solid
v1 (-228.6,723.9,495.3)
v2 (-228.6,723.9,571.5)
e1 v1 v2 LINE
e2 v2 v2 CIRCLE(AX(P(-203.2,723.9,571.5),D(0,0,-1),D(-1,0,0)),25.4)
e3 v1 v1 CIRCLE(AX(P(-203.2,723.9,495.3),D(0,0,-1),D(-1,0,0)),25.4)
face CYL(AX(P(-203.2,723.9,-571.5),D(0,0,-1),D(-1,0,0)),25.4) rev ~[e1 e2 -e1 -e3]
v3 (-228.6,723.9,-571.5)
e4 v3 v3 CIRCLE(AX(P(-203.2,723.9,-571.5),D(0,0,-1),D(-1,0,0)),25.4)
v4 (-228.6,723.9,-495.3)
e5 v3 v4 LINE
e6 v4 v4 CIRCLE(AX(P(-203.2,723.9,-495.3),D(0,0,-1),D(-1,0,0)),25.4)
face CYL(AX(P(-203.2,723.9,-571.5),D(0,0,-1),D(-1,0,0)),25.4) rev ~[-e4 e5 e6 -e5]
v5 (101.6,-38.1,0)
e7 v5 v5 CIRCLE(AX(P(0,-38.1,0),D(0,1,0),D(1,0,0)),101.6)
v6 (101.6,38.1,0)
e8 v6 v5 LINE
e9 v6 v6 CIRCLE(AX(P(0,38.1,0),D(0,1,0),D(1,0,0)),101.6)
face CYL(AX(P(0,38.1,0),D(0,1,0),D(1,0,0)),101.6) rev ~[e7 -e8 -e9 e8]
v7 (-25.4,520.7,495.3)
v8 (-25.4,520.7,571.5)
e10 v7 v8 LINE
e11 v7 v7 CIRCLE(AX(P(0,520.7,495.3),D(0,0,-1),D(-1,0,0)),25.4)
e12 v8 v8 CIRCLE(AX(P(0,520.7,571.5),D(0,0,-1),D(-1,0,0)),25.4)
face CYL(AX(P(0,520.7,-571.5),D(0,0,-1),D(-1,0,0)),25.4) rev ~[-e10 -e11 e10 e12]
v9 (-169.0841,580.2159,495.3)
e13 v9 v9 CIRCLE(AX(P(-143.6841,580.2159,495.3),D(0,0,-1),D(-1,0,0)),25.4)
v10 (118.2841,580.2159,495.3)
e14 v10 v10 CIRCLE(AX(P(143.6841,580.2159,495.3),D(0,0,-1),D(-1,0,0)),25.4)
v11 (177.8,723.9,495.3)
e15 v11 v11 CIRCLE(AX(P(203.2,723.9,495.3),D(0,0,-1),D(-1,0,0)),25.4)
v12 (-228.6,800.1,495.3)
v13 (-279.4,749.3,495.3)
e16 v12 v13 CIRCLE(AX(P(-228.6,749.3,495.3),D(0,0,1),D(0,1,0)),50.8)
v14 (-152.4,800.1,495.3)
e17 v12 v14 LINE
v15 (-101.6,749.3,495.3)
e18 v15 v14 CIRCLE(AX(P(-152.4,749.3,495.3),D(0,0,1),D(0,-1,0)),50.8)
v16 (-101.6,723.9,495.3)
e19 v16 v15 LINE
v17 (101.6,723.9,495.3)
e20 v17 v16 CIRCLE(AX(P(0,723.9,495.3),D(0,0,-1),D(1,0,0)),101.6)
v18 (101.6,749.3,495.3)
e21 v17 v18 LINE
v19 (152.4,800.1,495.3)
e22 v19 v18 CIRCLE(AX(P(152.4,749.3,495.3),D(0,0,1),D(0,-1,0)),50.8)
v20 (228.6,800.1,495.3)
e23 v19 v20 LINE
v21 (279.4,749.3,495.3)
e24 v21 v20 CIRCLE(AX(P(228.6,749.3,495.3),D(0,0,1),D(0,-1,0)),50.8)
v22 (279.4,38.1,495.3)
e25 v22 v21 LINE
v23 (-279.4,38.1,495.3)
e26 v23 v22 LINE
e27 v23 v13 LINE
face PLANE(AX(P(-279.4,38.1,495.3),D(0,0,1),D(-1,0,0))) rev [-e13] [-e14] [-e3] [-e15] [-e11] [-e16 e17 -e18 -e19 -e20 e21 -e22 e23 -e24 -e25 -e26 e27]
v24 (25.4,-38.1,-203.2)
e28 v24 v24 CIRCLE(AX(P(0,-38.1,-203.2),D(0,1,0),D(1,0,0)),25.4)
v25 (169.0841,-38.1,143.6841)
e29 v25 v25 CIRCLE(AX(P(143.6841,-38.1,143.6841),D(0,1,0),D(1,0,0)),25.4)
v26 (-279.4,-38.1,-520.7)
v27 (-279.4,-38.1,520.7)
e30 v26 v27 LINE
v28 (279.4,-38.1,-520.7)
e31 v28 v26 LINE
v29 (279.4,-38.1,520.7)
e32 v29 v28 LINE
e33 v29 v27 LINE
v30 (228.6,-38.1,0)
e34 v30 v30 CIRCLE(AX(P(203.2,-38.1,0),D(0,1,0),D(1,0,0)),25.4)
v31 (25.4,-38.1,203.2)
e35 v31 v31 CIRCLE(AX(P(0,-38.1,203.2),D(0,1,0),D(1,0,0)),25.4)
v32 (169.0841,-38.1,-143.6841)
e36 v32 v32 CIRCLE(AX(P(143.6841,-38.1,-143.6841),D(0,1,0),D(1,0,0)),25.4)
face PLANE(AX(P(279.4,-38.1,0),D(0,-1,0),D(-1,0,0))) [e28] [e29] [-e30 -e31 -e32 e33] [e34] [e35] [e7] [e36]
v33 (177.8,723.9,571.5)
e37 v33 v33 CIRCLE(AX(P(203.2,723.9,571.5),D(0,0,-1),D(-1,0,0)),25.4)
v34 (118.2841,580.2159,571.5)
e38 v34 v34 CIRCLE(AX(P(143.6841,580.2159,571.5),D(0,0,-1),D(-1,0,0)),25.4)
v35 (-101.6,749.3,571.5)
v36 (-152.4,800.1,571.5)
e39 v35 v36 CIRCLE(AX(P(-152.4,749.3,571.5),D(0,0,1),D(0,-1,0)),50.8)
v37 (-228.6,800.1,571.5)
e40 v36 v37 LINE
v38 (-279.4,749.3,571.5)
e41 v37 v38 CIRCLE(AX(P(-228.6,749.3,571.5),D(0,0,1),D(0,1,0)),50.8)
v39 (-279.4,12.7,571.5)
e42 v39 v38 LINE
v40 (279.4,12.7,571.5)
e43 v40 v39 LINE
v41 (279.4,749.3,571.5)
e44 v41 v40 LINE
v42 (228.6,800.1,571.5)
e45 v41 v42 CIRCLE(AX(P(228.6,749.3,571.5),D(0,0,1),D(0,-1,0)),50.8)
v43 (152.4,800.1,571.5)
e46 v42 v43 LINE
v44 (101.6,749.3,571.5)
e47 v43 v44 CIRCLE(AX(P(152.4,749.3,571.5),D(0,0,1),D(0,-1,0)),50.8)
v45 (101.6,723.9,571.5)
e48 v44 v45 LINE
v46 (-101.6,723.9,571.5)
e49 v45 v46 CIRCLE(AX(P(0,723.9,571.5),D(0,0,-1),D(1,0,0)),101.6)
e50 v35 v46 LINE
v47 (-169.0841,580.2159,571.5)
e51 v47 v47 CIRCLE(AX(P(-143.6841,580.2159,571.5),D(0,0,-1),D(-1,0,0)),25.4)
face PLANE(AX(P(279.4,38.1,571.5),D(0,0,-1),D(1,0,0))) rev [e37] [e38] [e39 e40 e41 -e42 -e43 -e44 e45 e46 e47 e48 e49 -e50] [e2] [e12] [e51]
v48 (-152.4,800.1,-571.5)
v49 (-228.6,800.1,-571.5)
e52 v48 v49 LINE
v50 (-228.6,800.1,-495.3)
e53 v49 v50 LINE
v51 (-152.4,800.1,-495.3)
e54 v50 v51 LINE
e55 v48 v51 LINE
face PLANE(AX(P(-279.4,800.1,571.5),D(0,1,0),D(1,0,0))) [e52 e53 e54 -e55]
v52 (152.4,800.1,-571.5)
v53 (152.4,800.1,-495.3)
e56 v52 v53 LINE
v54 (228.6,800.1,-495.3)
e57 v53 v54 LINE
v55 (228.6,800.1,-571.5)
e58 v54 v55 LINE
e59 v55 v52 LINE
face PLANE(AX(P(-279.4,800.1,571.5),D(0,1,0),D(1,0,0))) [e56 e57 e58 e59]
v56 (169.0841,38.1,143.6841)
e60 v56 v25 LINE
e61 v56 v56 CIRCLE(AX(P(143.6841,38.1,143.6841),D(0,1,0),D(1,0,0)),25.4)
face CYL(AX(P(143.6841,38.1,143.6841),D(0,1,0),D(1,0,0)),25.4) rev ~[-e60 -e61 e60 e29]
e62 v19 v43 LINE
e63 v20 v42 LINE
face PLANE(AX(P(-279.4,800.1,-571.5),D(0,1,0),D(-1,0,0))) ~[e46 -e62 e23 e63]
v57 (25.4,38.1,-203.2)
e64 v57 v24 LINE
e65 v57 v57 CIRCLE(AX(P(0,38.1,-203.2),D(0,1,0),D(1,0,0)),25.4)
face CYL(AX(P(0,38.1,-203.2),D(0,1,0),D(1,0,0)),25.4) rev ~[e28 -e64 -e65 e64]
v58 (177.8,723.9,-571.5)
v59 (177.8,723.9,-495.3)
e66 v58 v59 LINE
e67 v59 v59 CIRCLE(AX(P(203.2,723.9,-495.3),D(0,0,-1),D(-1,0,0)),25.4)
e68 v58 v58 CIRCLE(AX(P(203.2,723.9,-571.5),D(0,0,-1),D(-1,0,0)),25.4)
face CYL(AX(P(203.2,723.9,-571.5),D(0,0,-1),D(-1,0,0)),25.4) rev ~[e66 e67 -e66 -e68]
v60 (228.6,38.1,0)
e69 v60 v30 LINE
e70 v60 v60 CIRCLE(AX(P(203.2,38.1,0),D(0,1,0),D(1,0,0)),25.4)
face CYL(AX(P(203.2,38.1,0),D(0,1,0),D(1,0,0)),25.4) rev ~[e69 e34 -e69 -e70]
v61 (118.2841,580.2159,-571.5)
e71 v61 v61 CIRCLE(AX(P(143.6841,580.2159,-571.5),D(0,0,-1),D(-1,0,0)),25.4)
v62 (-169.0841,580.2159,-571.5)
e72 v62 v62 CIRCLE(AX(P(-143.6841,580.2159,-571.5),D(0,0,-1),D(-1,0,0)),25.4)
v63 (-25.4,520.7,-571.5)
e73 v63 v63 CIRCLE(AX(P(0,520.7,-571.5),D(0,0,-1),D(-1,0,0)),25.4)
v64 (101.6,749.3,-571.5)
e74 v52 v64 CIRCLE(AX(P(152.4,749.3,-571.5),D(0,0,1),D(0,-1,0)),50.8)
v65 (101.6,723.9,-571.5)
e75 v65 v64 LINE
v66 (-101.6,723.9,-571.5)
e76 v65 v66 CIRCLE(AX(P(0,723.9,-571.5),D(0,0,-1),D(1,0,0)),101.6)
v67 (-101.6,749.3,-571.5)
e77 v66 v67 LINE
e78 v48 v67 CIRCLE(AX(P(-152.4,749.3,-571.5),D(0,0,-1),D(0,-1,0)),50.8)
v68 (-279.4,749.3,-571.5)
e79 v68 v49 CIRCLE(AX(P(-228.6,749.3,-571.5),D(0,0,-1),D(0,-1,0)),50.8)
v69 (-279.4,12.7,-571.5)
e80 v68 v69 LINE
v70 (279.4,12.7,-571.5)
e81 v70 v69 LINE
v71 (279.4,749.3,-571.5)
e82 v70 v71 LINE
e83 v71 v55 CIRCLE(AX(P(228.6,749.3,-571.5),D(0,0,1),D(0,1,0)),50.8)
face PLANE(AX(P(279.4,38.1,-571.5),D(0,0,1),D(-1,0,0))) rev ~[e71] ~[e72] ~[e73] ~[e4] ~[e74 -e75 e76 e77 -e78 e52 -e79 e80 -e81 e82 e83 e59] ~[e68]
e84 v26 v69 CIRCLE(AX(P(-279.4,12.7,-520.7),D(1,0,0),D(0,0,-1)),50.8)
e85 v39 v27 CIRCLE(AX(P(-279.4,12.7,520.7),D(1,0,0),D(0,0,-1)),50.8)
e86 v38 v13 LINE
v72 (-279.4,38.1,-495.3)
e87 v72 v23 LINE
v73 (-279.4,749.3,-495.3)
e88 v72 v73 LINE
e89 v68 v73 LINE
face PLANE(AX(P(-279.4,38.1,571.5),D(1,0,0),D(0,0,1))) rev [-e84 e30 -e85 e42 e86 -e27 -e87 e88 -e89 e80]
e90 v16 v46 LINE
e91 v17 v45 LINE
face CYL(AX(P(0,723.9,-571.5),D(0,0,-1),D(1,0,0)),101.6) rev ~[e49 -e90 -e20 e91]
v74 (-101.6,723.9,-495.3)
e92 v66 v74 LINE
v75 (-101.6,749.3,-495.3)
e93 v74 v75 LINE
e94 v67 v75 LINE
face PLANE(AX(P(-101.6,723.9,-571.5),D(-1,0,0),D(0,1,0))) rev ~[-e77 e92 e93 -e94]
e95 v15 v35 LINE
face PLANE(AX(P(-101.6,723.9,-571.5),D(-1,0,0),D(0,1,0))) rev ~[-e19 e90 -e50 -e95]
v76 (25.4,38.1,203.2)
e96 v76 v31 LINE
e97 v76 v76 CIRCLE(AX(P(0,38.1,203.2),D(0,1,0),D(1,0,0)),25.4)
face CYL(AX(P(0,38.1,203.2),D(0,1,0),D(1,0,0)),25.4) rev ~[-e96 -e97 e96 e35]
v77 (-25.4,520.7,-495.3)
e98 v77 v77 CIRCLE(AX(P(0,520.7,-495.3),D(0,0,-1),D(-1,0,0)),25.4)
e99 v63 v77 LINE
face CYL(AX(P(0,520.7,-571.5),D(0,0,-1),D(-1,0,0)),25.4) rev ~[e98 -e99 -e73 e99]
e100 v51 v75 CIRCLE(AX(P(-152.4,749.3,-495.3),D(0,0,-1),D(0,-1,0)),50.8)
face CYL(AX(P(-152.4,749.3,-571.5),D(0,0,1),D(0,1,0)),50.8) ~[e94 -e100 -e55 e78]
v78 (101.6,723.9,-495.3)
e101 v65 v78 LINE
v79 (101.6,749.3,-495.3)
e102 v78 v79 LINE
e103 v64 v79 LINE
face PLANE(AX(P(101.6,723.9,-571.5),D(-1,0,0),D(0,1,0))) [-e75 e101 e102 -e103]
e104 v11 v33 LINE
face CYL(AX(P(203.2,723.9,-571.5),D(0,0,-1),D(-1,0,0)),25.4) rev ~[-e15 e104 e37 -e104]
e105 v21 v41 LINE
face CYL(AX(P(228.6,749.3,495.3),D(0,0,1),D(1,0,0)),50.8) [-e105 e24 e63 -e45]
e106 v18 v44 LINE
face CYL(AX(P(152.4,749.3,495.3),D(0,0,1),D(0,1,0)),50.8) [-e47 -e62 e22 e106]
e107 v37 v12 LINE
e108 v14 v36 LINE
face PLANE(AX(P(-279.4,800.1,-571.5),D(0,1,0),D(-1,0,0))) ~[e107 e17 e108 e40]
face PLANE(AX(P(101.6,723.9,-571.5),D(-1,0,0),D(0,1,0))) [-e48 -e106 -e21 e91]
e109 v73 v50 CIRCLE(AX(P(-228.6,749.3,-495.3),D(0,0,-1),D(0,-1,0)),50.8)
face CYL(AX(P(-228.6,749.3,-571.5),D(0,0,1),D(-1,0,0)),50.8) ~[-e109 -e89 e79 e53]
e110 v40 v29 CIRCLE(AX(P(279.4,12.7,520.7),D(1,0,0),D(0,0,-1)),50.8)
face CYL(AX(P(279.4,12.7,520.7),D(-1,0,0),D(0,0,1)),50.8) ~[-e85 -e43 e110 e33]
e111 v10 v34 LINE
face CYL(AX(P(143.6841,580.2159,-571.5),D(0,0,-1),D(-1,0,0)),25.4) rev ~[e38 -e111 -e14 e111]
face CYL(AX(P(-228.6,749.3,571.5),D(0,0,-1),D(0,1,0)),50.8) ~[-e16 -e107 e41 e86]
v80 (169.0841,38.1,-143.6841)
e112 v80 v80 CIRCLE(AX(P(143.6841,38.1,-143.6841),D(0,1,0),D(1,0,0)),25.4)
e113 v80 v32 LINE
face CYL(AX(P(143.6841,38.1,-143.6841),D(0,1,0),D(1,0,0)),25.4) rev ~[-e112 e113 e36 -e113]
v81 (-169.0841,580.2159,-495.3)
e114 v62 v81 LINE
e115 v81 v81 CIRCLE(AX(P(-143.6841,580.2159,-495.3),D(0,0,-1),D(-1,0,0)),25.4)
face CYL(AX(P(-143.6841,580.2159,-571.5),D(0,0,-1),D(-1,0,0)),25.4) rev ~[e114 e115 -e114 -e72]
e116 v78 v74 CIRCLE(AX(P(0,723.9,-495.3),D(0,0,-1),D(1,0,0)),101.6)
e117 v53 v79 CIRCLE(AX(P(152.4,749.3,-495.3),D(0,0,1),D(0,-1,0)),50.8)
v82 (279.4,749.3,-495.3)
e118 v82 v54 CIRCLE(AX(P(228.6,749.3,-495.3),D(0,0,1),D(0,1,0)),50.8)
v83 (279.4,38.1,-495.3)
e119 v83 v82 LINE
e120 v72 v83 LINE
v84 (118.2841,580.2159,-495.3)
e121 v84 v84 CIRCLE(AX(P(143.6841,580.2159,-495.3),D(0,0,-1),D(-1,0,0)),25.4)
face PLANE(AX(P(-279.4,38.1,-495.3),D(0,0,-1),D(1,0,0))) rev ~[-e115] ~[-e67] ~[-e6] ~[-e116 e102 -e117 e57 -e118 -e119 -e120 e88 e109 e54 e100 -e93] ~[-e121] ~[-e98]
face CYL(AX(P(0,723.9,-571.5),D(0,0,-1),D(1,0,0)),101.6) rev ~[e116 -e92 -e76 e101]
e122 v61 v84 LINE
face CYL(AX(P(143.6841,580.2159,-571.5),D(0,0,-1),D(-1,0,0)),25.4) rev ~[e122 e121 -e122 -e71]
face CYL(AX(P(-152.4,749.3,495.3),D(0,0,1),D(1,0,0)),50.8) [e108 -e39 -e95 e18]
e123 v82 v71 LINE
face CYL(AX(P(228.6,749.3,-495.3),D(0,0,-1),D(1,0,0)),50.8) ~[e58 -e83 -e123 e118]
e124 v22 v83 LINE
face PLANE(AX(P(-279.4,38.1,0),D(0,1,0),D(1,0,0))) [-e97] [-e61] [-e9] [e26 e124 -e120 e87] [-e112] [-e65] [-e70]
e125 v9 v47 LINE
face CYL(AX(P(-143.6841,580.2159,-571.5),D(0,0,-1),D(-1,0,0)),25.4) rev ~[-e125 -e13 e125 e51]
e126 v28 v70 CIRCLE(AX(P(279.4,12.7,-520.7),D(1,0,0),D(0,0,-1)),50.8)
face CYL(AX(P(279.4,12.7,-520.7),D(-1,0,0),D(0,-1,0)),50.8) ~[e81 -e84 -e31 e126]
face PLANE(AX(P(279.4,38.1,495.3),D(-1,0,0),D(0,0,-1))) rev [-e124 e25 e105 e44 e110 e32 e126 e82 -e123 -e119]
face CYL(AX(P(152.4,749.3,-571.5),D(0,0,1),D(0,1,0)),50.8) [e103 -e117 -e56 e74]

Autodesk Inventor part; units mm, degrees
ref_plane "YZ Plane" through (0, 0, 0) normal (1, 0, 0) x (0, 1, 0)
ref_plane "XZ Plane" through (0, 0, 0) normal (0, 1, 0) x (-1, 0, 0)
ref_plane "XY Plane" through (0, 0, 0) normal (0, 0, 1) x (1, 0, 0)
sketch "Sketch1" plane through (0, 0, 0) normal (0, 0, 1) x (1, 0, 0)
  line L0 (-279.4, 38.1) -> (279.4, 38.1)
  line L1 (279.4, 38.1) -> (279.4, -38.1)
  line L2 (279.4, -38.1) -> (-279.4, -38.1)
  line L3 (-279.4, -38.1) -> (-279.4, 38.1)
  line L4 (0, 0) -> (0, 412.8984) construction
  line L5 (0, 0) -> (748.8943, 0) construction
  dimension "d0" = 558.8
  dimension "d1" = 76.2
  dimension "d2" = 38.1
  dimension "d4" = 279.4
extrude "Extrusion1" add sketch "Sketch1" along normal mid plane 1143
sketch "Sketch2" plane through (-279.4, 38.1, 571.5) normal (0, 1, 0) x (1, 0, 0)
  line L0 (558.8, 0) -> (558.8, 1143) projected
  line L1 (0, 1143) -> (0, 0) projected
  line L2 (558.8, 1143) -> (0, 1143)
  line L3 (0, 1143) -> (0, 1066.8)
  line L4 (0, 1066.8) -> (558.8, 1066.8)
  line L5 (558.8, 1066.8) -> (558.8, 1143)
  point P0 (279.4, 571.5)
  dimension "d7" = 76.2
extrude "Extrusion2" add sketch "Sketch2" along normal blind 762
mirror "Mirror1" about plane through (0, 0, 0) normal (0, 0, 1) of "Extrusion2"
sketch "Sketch3" plane through (-279.4, 38.1, -495.3) normal (0, 1, 0) x (1, 0, 0)
  circle A0 centre (279.4, -495.3) radius 101.6
  circle A1 centre (279.4, -292.1) radius 25.4
  line L0 (558.8, -990.6) -> (558.8, 0) projected
  circle A2 centre (423.0841, -351.6159) radius 25.4
  circle A3 centre (482.6, -495.3) radius 25.4
  circle A4 centre (423.0841, -638.9841) radius 25.4
  circle A5 centre (279.4, -698.5) radius 25.4
  dimension "d10" = 203.2
  dimension "d11" = 50.8
  dimension "d12" = 203.2
  dimension "d13" = 279.4
  dimension "d16" = 180
extrude "Extrusion3" cut sketch "Sketch3" against normal through all
sketch "Sketch4" plane through (0, 0, -571.5) normal (0, 0, -1) x (-1, 0, 0)
  line L0 (-314.4934, 723.9) -> (334.7896, 723.9) construction
  line L1 (279.4, 800.1) -> (-279.4, 800.1) construction
  arc A0 (-101.6, 723.9) -> (101.6, 723.9) centre (0, 723.9) ccw
  line L2 (279.4, -38.1) -> (279.4, 800.1) projected
  line L3 (-279.4, 800.1) -> (279.4, 800.1) projected
  line L4 (101.6, 723.9) -> (101.6, 800.1)
  line L5 (-101.6, 723.9) -> (-101.6, 800.1)
  circle A1 centre (-203.2, 723.9) radius 25.4
  circle A2 centre (-143.6841, 580.2159) radius 25.4
  circle A3 centre (0, 520.7) radius 25.4
  circle A4 centre (143.6841, 580.2159) radius 25.4
  circle A5 centre (203.2, 723.9) radius 25.4
  point P0 (0, 0)
  dimension "d20" = 76.2
  dimension "d21" = 203.2
  dimension "d22" = 279.4
  dimension "d23" = 50.8
  dimension "d24" = 203.2
  dimension "d27" = 180
extrude "Extrusion4" cut sketch "Sketch4" against normal through all
fillet "Fillet1" radius 50.8 10 edges at (101.6, 800.1, -533.4) (-101.6, 800.1, -533.4) (-101.6, 800.1, 533.4) (101.6, 800.1, 533.4) (279.4, 800.1, 533.4) (-279.4, 800.1, 533.4) (279.4, 800.1, -533.4) (-279.4, 800.1, -533.4) (0, -38.1, -571.5) (0, -38.1, 571.5)
properties part number "Down_Part_Robot"
